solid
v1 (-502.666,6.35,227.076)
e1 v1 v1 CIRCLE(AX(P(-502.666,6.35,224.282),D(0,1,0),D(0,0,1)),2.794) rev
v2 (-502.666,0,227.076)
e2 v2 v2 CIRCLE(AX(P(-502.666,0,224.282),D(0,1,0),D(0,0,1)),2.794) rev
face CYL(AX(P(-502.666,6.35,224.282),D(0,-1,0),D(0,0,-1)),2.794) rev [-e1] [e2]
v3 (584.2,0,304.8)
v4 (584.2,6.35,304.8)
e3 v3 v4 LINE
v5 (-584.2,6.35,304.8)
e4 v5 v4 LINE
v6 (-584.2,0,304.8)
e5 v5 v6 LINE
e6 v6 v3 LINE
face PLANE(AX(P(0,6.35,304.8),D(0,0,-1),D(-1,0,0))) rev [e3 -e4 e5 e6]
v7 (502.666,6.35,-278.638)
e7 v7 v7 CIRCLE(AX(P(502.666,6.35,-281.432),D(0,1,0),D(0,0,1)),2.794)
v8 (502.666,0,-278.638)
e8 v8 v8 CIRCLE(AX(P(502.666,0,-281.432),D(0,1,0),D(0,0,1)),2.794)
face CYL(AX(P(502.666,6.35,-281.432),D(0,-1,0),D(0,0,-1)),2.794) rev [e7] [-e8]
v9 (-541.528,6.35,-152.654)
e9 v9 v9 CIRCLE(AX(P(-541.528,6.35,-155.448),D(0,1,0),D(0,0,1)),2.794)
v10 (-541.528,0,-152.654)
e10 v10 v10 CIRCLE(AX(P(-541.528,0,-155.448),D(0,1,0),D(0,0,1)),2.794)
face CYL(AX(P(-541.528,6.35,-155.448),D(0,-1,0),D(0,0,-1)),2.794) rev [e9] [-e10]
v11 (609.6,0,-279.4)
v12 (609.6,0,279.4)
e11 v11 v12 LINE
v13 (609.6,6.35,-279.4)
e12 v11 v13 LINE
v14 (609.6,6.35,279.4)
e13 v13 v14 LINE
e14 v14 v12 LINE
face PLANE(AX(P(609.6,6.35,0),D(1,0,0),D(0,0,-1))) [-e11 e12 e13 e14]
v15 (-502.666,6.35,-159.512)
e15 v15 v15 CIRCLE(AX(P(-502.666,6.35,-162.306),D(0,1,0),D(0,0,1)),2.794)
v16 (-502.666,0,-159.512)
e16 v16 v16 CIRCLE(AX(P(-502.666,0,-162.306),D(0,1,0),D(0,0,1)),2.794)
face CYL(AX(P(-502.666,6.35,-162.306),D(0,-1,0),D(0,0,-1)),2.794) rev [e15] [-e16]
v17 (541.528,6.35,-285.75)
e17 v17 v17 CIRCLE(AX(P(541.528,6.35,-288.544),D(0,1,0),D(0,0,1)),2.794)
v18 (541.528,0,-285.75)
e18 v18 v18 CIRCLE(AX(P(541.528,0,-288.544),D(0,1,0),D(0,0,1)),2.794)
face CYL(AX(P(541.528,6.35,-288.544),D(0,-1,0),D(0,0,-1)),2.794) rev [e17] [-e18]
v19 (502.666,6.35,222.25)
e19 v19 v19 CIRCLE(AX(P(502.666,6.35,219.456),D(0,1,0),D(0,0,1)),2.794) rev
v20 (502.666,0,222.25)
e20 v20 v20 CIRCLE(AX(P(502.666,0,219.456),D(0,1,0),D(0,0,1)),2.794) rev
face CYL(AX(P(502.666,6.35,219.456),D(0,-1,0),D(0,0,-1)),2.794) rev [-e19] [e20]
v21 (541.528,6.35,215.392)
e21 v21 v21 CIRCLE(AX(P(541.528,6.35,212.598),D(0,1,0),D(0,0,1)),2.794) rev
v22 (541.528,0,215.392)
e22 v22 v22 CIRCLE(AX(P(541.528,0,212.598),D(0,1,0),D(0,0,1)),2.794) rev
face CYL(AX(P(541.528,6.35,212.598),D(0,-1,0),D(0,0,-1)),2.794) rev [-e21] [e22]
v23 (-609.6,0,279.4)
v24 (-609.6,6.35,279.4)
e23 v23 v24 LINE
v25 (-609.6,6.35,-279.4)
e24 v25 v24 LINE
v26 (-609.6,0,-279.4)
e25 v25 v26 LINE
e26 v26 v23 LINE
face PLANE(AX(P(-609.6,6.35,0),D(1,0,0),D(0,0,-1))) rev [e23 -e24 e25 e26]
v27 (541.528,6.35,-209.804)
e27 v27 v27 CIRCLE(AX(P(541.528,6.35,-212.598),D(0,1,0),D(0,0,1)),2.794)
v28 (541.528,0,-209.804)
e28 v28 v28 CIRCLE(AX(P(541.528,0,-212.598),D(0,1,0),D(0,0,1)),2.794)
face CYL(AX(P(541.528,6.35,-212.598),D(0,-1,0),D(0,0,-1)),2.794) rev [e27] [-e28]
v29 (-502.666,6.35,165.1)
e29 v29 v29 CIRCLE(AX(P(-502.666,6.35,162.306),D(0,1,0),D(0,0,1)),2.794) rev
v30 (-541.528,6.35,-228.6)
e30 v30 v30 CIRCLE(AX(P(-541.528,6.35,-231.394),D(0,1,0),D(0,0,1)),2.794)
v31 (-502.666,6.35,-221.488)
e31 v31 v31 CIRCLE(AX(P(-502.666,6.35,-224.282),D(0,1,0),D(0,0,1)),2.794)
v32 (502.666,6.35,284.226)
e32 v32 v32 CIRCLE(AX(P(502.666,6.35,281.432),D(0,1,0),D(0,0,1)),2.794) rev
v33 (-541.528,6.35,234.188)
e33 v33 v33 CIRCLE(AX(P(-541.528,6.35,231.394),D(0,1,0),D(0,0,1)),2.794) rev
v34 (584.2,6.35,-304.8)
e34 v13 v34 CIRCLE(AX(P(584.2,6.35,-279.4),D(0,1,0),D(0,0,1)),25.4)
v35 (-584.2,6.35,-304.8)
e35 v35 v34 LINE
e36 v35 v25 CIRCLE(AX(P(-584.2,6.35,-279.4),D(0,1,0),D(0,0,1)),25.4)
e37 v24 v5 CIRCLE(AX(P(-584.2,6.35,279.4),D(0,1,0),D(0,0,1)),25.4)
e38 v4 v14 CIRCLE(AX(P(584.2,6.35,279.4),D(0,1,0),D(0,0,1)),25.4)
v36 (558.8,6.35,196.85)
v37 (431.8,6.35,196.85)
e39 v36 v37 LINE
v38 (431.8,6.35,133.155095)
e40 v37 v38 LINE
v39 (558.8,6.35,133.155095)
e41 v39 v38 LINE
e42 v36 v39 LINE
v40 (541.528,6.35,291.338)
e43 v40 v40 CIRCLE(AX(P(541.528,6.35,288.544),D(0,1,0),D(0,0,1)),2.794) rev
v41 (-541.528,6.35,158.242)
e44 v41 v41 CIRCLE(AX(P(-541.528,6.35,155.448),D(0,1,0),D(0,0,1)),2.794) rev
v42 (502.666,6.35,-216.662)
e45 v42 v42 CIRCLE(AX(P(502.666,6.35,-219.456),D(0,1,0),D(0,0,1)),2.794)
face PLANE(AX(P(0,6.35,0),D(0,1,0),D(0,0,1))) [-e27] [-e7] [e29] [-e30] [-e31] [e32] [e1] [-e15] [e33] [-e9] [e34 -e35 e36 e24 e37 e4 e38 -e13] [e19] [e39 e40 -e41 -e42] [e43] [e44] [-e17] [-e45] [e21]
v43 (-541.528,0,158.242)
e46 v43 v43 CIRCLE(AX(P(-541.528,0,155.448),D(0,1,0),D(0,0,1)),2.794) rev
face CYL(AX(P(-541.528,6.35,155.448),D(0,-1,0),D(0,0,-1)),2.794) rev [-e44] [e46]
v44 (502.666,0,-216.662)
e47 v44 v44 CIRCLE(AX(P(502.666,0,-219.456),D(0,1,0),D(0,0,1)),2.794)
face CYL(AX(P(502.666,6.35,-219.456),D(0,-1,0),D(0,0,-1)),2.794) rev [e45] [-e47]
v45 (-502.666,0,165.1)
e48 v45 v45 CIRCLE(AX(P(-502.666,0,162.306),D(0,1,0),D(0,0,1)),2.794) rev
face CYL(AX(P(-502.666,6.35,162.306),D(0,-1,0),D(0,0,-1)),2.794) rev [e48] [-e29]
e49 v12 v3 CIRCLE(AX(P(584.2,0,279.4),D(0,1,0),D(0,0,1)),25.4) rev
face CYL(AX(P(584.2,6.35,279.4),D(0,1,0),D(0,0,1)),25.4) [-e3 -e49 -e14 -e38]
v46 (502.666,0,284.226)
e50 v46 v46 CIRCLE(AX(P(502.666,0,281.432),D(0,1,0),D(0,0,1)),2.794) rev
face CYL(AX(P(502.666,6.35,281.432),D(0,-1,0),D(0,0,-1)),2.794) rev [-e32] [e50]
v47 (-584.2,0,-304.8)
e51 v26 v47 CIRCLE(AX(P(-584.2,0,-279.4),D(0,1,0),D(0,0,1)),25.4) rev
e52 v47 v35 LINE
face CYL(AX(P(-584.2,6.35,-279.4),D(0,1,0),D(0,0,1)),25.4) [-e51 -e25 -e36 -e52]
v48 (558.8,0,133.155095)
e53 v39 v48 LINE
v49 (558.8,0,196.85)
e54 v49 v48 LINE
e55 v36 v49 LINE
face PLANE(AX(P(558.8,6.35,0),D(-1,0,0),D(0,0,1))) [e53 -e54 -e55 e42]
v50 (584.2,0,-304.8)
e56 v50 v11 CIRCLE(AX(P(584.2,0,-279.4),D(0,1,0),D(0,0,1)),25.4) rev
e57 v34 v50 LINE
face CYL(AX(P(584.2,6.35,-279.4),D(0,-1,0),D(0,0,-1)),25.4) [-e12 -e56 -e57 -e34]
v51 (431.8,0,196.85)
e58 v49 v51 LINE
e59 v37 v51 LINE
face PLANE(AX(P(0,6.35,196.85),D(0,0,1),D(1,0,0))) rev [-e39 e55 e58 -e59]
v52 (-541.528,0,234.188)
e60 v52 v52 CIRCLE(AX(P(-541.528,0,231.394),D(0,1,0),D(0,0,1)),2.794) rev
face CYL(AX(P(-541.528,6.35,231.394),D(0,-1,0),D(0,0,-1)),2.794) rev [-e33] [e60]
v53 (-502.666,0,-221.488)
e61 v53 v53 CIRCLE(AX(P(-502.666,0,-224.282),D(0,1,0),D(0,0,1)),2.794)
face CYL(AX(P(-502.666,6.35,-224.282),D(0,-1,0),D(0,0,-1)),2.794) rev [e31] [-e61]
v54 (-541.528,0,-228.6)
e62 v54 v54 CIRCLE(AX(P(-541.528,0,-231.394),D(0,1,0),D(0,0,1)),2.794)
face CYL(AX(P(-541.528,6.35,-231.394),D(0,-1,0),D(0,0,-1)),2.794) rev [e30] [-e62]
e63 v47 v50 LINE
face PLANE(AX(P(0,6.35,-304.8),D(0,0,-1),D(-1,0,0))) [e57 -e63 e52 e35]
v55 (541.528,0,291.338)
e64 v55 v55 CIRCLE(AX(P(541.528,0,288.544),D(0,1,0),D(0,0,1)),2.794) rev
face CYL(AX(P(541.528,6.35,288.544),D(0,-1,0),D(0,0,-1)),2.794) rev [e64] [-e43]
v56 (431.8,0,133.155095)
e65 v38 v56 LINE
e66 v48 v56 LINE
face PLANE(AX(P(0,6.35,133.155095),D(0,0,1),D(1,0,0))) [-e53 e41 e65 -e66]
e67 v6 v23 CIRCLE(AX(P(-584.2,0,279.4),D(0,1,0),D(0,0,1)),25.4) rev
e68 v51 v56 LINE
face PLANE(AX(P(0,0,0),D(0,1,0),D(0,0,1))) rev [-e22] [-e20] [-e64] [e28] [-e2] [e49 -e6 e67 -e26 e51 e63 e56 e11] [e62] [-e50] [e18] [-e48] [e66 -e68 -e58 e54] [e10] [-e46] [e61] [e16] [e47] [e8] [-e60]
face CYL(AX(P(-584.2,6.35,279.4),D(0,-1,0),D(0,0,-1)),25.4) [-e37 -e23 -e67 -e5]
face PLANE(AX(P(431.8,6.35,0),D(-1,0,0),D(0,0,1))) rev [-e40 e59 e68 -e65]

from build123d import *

# Parameters (mm, degrees)
SKETCH2_W           = 1219.2
SKETCH2_H           = 609.6
SKETCH2_R           = 2.794
SKETCH2_W_2         = 127
SKETCH2_H_2         = 63.694904898
BOSS_EXTRUDE1_DEPTH = 6.35
FILLET1_R           = 25.4


with BuildPart() as part:
    # Sketch2 → Boss-Extrude1 (new body)
    with BuildSketch(Plane(origin=(0, 0, 0), x_dir=(1, 0, 0), z_dir=(0, 1, 0))):
        Rectangle(SKETCH2_W, SKETCH2_H)
        with Locations((541.528, 288.544)):
            Circle(SKETCH2_R, mode=Mode.SUBTRACT)
        with Locations((541.528, 212.598)):
            Circle(SKETCH2_R, mode=Mode.SUBTRACT)
        with Locations((502.666, 219.456)):
            Circle(SKETCH2_R, mode=Mode.SUBTRACT)
        with Locations((502.666, 281.432)):
            Circle(SKETCH2_R, mode=Mode.SUBTRACT)
        with Locations((502.666, -281.432)):
            Circle(SKETCH2_R, mode=Mode.SUBTRACT)
        with Locations((502.666, -219.456)):
            Circle(SKETCH2_R, mode=Mode.SUBTRACT)
        with Locations((541.528, -212.598)):
            Circle(SKETCH2_R, mode=Mode.SUBTRACT)
        with Locations((541.528, -288.544)):
            Circle(SKETCH2_R, mode=Mode.SUBTRACT)
        with Locations((-541.528, 155.448)):
            Circle(SKETCH2_R, mode=Mode.SUBTRACT)
        with Locations((-502.666, 224.282)):
            Circle(SKETCH2_R, mode=Mode.SUBTRACT)
        with Locations((-541.528, 231.394)):
            Circle(SKETCH2_R, mode=Mode.SUBTRACT)
        with Locations((-502.666, 162.306)):
            Circle(SKETCH2_R, mode=Mode.SUBTRACT)
        with Locations((-502.666, -162.306)):
            Circle(SKETCH2_R, mode=Mode.SUBTRACT)
        with Locations((-541.528, -231.394)):
            Circle(SKETCH2_R, mode=Mode.SUBTRACT)
        with Locations((-502.666, -224.282)):
            Circle(SKETCH2_R, mode=Mode.SUBTRACT)
        with Locations((-541.528, -155.448)):
            Circle(SKETCH2_R, mode=Mode.SUBTRACT)
        with Locations((495.3, -165.002547551)):
            Rectangle(SKETCH2_W_2, SKETCH2_H_2, mode=Mode.SUBTRACT)
    extrude(amount=BOSS_EXTRUDE1_DEPTH)

    # Fillet1
    fillet1_edges = [part.edges().sort_by_distance(p)[0] for p in [
        (609.6, 3.175, 304.8),
        (-609.6, 3.175, 304.8),
        (-609.6, 3.175, -304.8),
        (609.6, 3.175, -304.8),
    ]]
    fillet(fillet1_edges, radius=FILLET1_R)


solid = part.part
